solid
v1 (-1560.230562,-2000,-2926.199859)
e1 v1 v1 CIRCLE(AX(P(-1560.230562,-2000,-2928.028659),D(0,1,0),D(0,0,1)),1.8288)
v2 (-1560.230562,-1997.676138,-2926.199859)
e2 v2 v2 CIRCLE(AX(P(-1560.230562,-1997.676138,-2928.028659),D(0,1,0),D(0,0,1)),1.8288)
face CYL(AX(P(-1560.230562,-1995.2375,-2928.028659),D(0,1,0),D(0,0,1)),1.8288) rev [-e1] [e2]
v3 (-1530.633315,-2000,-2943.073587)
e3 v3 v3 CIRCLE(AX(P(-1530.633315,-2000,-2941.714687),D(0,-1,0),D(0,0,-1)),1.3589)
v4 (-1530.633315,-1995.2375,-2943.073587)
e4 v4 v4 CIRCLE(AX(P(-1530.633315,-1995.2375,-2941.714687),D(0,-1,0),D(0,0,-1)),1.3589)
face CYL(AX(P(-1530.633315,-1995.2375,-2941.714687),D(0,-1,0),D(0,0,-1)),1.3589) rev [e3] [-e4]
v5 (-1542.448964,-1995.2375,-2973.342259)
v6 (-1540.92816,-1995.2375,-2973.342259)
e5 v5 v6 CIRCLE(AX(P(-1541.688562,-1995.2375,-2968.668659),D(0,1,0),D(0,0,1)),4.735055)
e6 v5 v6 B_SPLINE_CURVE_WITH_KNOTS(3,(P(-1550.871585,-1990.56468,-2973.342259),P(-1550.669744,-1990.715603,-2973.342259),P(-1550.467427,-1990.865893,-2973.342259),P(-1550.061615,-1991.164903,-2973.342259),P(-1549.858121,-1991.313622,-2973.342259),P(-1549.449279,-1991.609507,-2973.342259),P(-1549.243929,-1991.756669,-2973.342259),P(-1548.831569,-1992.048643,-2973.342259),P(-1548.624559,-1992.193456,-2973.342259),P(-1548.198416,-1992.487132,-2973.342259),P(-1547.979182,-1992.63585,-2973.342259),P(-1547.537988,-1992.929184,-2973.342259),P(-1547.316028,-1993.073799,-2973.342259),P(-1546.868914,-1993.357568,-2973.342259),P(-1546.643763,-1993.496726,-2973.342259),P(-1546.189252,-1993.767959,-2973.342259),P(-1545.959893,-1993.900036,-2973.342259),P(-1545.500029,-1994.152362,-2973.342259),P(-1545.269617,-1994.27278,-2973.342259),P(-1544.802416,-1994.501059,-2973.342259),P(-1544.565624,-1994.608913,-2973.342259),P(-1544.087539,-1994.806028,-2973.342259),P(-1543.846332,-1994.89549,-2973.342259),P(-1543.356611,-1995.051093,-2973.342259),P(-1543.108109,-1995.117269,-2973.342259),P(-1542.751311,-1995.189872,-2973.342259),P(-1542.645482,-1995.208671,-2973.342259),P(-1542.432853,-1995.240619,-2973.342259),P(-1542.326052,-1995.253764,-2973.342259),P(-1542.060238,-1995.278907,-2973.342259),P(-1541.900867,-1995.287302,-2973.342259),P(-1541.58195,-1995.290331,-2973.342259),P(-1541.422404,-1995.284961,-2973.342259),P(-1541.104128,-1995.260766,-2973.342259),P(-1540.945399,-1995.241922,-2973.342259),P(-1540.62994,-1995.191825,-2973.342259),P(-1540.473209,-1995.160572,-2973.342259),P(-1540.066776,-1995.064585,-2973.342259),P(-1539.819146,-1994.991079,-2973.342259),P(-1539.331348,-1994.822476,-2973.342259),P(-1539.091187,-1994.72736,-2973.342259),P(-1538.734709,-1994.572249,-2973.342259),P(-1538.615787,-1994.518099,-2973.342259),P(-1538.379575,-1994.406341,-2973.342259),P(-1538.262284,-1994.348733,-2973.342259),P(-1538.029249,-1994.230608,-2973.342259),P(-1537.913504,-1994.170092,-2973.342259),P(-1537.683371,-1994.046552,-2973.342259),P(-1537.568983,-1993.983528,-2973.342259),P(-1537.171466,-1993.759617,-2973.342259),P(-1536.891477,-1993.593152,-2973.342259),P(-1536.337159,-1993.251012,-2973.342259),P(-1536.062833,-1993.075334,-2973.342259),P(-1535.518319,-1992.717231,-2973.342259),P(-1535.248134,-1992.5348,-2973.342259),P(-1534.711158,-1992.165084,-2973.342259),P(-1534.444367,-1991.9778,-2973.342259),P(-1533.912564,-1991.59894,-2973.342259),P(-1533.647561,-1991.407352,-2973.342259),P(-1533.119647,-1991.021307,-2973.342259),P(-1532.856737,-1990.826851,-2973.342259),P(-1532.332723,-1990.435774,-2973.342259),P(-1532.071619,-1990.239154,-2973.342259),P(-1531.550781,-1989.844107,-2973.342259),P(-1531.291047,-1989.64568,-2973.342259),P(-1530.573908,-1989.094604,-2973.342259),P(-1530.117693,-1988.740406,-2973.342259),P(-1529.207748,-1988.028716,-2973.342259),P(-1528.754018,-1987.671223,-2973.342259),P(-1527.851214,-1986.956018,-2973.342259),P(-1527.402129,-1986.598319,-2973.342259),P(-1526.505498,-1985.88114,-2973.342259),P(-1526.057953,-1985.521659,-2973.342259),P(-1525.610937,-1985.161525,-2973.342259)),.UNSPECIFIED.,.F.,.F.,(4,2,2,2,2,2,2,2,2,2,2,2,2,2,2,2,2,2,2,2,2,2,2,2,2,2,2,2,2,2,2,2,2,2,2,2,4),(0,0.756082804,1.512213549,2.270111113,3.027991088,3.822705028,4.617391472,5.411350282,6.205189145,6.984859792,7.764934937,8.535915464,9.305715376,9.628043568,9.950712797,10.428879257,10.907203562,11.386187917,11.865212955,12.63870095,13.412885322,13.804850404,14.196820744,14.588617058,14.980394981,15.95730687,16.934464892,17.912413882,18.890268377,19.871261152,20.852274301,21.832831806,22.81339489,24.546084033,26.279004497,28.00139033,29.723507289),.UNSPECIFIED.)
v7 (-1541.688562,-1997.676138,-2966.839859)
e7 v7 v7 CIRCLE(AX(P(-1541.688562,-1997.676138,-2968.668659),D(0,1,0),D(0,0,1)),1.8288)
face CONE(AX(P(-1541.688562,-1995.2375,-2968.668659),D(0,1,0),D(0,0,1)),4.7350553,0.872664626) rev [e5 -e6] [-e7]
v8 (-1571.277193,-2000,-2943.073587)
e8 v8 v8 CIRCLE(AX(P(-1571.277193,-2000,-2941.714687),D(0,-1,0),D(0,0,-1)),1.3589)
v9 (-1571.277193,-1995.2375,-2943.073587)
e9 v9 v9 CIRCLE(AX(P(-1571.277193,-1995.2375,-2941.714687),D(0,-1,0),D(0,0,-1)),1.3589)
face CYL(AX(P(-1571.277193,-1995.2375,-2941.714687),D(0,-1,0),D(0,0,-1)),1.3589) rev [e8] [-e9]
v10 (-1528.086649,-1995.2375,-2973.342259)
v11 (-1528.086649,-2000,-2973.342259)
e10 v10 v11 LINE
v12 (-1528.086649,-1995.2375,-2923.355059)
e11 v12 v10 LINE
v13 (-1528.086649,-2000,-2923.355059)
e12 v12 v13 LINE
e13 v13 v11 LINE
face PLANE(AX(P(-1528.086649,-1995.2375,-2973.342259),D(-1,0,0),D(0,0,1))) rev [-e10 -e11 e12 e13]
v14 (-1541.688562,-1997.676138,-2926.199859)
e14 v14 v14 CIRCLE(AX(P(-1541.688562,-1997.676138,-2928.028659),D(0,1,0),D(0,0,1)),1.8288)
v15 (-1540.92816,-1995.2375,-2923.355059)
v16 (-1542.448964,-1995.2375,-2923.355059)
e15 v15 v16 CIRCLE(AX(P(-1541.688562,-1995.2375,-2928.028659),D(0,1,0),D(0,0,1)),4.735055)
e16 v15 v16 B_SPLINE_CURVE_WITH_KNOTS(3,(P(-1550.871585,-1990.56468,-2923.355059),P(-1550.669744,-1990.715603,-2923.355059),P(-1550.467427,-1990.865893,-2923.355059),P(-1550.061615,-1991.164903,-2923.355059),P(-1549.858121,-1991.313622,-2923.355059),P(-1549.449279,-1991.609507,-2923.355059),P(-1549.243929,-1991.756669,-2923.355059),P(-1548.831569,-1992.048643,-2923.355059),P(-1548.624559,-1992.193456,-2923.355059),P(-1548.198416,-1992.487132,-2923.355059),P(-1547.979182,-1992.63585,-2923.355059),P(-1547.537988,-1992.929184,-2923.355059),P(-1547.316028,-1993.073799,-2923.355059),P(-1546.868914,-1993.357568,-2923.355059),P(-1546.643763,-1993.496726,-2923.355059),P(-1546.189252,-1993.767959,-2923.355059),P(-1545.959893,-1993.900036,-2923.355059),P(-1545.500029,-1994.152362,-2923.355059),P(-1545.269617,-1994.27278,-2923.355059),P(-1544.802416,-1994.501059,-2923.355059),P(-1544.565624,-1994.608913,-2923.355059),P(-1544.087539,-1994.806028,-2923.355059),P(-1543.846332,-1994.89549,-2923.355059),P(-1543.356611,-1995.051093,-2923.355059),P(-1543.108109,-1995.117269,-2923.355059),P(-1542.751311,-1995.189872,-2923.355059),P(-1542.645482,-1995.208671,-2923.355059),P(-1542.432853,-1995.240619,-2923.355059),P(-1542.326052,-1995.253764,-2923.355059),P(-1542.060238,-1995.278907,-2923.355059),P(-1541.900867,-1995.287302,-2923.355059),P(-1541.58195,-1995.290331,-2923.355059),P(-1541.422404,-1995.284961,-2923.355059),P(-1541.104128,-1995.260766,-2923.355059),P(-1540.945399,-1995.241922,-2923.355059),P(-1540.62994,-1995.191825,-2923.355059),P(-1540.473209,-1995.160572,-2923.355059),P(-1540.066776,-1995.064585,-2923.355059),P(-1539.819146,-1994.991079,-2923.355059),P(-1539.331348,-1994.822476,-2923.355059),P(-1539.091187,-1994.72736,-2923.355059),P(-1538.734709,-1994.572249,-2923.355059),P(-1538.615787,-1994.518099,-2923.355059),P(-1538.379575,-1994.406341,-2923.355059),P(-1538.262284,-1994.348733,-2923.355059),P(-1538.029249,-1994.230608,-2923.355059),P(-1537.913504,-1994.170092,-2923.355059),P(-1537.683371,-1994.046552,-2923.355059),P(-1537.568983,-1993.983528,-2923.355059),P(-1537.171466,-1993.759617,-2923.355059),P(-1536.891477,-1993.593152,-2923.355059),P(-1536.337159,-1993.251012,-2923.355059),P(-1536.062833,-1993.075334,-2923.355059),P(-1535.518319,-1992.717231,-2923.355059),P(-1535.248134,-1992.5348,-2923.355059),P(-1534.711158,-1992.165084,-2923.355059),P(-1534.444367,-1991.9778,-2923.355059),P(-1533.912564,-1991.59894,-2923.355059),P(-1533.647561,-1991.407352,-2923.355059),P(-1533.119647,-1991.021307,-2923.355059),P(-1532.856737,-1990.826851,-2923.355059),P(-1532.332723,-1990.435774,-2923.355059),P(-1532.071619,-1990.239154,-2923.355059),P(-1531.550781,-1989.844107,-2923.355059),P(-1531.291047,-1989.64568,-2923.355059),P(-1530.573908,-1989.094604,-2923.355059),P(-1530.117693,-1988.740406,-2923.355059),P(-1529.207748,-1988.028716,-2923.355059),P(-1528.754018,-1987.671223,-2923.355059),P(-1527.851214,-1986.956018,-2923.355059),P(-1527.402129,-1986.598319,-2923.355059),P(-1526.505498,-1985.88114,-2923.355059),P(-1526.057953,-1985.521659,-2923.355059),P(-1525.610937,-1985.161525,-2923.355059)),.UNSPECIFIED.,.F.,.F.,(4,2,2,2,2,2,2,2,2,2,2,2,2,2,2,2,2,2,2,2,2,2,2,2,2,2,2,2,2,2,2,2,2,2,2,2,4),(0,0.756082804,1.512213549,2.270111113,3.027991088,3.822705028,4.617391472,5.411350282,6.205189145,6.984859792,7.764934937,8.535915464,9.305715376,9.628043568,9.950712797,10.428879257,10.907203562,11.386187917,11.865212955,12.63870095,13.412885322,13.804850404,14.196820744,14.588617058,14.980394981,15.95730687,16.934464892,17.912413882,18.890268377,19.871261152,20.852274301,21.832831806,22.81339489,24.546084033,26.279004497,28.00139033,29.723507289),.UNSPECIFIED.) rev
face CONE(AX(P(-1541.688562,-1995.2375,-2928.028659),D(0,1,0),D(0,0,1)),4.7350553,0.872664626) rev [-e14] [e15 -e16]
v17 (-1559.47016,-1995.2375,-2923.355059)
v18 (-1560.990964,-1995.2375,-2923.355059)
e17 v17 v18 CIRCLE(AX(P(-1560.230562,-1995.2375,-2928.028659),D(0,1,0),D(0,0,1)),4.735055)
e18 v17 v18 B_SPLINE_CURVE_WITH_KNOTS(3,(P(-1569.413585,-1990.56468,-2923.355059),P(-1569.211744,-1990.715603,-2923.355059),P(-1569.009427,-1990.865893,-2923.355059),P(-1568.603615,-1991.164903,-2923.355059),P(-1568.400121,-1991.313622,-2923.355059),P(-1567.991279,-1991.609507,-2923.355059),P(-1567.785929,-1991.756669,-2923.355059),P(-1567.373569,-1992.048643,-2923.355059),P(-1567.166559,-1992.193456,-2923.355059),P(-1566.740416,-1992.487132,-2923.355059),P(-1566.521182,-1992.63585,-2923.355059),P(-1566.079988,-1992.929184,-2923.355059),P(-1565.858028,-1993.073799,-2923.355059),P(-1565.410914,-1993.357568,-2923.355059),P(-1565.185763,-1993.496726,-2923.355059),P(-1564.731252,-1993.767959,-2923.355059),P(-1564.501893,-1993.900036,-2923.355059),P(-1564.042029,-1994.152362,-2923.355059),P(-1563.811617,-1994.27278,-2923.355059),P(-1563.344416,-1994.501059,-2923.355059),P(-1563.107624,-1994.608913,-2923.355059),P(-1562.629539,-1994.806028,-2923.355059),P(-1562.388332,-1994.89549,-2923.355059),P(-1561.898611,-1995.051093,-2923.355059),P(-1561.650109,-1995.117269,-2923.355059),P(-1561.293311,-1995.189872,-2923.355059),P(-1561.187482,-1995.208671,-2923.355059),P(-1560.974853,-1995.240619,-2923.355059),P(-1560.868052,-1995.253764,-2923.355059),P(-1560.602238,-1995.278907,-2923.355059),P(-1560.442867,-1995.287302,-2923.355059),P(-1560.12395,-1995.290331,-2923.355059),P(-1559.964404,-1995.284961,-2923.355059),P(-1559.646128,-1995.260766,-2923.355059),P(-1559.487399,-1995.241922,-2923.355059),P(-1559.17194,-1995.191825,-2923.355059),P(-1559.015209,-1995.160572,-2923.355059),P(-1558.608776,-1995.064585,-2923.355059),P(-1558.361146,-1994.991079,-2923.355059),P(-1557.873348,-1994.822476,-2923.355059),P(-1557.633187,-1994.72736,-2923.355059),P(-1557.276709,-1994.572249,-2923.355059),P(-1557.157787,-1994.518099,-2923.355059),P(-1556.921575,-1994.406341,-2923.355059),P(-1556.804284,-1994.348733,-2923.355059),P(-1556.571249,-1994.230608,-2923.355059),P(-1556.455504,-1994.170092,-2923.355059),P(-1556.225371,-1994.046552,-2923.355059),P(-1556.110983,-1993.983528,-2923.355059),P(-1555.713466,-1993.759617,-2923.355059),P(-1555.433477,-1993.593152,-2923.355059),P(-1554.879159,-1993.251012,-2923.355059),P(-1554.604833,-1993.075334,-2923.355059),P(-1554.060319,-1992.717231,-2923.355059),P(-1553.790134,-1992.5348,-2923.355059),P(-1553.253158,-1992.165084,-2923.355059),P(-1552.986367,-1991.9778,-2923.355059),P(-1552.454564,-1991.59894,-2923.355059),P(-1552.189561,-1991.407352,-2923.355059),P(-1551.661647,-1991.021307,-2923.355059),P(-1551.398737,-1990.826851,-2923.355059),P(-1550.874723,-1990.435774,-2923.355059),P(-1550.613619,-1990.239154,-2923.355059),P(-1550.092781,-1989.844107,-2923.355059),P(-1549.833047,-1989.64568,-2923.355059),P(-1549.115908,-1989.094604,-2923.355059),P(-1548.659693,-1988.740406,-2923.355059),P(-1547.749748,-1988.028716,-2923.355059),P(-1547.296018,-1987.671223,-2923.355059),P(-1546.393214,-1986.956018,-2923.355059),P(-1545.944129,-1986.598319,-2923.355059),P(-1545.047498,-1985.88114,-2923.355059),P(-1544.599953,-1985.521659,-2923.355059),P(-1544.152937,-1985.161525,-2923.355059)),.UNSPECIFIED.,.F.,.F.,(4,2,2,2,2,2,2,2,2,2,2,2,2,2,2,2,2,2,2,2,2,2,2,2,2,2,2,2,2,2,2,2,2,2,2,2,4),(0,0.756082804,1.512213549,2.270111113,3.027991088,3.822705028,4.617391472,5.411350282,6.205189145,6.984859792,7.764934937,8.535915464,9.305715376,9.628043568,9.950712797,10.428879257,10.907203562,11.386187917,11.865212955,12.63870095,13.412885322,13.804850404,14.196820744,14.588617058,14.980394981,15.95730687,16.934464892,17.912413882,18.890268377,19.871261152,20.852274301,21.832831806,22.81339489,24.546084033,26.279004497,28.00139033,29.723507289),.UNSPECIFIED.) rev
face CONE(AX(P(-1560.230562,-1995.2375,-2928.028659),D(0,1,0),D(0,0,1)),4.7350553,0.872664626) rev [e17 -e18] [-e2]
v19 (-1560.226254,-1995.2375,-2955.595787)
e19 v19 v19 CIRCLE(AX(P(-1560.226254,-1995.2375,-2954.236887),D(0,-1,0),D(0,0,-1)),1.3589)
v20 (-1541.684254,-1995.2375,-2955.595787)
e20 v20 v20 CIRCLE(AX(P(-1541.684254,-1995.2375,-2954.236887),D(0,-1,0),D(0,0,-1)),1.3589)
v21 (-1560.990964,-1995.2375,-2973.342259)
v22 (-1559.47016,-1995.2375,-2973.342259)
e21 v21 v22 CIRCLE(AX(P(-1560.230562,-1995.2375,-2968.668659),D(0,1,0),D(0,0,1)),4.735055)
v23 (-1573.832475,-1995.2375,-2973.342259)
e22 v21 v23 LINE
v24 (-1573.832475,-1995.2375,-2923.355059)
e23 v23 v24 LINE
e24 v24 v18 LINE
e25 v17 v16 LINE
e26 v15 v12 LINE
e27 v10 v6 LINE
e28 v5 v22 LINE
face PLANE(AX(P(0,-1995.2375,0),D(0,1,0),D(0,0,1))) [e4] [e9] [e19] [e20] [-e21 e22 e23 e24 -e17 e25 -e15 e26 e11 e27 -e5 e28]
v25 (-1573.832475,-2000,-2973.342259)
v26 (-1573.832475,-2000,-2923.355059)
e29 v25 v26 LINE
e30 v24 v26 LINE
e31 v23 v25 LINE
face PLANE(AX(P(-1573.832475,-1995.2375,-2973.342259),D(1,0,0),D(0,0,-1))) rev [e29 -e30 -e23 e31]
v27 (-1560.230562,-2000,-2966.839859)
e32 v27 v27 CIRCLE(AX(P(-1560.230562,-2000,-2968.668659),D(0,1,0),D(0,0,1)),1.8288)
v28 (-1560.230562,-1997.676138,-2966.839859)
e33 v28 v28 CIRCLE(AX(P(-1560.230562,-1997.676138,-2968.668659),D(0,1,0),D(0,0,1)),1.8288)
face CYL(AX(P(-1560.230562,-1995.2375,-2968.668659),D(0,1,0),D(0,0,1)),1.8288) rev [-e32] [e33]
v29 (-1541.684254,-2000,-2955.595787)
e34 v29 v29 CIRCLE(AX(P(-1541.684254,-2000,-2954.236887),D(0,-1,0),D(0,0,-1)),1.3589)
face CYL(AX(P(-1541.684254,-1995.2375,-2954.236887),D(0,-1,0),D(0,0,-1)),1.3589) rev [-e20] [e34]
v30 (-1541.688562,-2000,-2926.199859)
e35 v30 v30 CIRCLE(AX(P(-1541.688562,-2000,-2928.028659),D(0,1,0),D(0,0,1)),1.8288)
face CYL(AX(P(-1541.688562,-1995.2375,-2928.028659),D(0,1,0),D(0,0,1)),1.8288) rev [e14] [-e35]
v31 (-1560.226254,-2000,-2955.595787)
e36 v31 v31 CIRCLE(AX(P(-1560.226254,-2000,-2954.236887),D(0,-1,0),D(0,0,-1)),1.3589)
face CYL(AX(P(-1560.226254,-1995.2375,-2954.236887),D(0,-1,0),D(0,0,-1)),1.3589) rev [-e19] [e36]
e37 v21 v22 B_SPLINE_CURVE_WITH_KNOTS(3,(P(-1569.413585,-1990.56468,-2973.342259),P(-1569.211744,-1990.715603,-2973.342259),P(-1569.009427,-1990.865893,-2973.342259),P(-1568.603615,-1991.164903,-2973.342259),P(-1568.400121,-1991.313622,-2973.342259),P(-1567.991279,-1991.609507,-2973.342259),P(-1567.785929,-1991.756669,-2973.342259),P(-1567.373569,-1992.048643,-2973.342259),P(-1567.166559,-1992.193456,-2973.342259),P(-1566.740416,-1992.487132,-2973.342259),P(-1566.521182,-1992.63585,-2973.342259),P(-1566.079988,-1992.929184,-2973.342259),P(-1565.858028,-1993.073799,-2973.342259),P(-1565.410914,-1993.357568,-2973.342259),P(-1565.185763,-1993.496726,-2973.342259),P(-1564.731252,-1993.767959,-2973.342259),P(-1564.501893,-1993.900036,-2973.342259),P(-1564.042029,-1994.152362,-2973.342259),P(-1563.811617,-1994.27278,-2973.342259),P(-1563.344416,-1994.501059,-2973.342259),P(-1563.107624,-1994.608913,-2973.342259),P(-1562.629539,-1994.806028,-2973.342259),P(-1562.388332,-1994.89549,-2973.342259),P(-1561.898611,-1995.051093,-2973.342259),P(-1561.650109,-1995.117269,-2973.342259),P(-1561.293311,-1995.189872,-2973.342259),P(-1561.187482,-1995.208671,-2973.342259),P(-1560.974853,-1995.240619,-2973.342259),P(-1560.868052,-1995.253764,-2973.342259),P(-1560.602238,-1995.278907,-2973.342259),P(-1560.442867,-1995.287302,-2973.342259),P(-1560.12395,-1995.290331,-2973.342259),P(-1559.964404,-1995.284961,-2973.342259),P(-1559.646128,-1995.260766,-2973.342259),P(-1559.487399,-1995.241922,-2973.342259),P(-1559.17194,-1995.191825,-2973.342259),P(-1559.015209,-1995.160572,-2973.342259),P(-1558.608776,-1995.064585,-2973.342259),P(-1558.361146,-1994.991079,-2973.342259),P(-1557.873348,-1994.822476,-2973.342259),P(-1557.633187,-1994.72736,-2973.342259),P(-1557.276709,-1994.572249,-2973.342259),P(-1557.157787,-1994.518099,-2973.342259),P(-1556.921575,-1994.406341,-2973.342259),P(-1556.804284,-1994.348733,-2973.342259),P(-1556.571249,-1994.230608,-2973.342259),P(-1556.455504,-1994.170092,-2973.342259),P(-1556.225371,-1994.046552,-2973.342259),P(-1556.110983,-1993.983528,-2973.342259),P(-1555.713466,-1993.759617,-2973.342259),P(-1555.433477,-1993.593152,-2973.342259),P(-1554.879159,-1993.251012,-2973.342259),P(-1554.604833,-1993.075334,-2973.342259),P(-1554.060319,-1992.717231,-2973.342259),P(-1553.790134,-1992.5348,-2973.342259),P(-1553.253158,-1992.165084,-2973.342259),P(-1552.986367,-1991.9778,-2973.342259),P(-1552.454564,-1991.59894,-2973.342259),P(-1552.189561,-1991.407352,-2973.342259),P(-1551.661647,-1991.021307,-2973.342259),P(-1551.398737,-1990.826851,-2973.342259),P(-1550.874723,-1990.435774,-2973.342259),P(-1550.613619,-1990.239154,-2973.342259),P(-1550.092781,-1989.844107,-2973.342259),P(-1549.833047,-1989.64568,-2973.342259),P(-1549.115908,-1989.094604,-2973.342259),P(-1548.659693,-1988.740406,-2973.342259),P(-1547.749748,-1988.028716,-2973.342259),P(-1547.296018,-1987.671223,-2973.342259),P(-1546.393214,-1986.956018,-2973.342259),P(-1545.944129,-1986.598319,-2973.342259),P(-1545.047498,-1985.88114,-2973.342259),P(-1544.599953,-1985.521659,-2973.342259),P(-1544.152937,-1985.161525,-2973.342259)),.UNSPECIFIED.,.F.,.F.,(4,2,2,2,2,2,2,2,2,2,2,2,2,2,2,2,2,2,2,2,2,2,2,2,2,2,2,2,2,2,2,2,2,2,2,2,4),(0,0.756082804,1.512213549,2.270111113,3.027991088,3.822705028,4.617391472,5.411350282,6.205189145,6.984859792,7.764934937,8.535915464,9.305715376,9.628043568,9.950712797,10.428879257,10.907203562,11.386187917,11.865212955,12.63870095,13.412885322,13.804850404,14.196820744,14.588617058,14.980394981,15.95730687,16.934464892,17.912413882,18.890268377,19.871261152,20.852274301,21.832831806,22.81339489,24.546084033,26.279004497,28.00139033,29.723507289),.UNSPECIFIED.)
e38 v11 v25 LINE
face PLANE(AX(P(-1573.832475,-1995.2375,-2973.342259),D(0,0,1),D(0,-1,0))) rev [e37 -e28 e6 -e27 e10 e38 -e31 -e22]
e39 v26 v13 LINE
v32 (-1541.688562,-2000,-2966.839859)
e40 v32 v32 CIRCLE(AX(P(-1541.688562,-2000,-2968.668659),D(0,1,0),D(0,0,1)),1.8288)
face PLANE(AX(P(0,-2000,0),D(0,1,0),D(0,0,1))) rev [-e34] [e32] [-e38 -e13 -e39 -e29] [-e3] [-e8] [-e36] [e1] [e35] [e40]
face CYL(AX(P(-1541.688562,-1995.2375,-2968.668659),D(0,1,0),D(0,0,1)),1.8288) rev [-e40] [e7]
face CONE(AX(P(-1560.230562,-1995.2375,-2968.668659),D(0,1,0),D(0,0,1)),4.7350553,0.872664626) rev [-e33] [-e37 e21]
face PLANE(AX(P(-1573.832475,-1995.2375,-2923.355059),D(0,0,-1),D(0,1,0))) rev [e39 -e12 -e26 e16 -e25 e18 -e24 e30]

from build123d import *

# Parameters (mm, degrees)
SKETCH1_W                                         = 45.745826238
SKETCH1_H                                         = 49.9872
BOSS_EXTRUDE1_DEPTH                               = 4.7625
CSK_FOR_6_FLAT_HEAD_MACHINE_SCREW_100_D           = 3.6576
CSK_FOR_6_FLAT_HEAD_MACHINE_SCREW_100_CSINK_D     = 9.4701106
CSK_FOR_6_FLAT_HEAD_MACHINE_SCREW_100_CSINK_ANGLE = 100
SKETCH8_R                                         = 1.3589
CUT_EXTRUDE1_DEPTH                                = 5.7625


with BuildPart() as part:
    # Sketch1 → Boss-Extrude1 (new body)
    with BuildSketch(Plane(origin=(0, -2000, 0), x_dir=(1, 0, 0), z_dir=(0, 1, 0))):
        with Locations((-1550.959562055, 2948.348659299)):
            Rectangle(SKETCH1_W, SKETCH1_H)
    extrude(amount=BOSS_EXTRUDE1_DEPTH)

    # CSK for #6 Flat Head Machine Screw (100)8 (through all)
    with Locations(Plane(origin=(-1560.230562055, -1995.2375, -2968.668659299), x_dir=(0, 0, 1), z_dir=(0, 1, 0))):
        with Locations((0, 0), (40.64, 0), (40.64, 18.542), (0, 18.542)):
            CounterSinkHole(CSK_FOR_6_FLAT_HEAD_MACHINE_SCREW_100_D / 2, CSK_FOR_6_FLAT_HEAD_MACHINE_SCREW_100_CSINK_D / 2, counter_sink_angle=CSK_FOR_6_FLAT_HEAD_MACHINE_SCREW_100_CSINK_ANGLE)

    # Sketch8 → Cut-Extrude1 (cut, through all)
    with BuildSketch(Plane.XZ.offset(2000)):
        with Locations((-1541.684253717, -2954.236887357)):
            Circle(SKETCH8_R)
        with Locations((-1560.226253717, -2954.236887357)):
            Circle(SKETCH8_R)
        with Locations((-1571.277192756, -2941.714687357)):
            Circle(SKETCH8_R)
        with Locations((-1530.633314678, -2941.714687357)):
            Circle(SKETCH8_R)
    extrude(amount=-CUT_EXTRUDE1_DEPTH, mode=Mode.SUBTRACT)


solid = part.part
